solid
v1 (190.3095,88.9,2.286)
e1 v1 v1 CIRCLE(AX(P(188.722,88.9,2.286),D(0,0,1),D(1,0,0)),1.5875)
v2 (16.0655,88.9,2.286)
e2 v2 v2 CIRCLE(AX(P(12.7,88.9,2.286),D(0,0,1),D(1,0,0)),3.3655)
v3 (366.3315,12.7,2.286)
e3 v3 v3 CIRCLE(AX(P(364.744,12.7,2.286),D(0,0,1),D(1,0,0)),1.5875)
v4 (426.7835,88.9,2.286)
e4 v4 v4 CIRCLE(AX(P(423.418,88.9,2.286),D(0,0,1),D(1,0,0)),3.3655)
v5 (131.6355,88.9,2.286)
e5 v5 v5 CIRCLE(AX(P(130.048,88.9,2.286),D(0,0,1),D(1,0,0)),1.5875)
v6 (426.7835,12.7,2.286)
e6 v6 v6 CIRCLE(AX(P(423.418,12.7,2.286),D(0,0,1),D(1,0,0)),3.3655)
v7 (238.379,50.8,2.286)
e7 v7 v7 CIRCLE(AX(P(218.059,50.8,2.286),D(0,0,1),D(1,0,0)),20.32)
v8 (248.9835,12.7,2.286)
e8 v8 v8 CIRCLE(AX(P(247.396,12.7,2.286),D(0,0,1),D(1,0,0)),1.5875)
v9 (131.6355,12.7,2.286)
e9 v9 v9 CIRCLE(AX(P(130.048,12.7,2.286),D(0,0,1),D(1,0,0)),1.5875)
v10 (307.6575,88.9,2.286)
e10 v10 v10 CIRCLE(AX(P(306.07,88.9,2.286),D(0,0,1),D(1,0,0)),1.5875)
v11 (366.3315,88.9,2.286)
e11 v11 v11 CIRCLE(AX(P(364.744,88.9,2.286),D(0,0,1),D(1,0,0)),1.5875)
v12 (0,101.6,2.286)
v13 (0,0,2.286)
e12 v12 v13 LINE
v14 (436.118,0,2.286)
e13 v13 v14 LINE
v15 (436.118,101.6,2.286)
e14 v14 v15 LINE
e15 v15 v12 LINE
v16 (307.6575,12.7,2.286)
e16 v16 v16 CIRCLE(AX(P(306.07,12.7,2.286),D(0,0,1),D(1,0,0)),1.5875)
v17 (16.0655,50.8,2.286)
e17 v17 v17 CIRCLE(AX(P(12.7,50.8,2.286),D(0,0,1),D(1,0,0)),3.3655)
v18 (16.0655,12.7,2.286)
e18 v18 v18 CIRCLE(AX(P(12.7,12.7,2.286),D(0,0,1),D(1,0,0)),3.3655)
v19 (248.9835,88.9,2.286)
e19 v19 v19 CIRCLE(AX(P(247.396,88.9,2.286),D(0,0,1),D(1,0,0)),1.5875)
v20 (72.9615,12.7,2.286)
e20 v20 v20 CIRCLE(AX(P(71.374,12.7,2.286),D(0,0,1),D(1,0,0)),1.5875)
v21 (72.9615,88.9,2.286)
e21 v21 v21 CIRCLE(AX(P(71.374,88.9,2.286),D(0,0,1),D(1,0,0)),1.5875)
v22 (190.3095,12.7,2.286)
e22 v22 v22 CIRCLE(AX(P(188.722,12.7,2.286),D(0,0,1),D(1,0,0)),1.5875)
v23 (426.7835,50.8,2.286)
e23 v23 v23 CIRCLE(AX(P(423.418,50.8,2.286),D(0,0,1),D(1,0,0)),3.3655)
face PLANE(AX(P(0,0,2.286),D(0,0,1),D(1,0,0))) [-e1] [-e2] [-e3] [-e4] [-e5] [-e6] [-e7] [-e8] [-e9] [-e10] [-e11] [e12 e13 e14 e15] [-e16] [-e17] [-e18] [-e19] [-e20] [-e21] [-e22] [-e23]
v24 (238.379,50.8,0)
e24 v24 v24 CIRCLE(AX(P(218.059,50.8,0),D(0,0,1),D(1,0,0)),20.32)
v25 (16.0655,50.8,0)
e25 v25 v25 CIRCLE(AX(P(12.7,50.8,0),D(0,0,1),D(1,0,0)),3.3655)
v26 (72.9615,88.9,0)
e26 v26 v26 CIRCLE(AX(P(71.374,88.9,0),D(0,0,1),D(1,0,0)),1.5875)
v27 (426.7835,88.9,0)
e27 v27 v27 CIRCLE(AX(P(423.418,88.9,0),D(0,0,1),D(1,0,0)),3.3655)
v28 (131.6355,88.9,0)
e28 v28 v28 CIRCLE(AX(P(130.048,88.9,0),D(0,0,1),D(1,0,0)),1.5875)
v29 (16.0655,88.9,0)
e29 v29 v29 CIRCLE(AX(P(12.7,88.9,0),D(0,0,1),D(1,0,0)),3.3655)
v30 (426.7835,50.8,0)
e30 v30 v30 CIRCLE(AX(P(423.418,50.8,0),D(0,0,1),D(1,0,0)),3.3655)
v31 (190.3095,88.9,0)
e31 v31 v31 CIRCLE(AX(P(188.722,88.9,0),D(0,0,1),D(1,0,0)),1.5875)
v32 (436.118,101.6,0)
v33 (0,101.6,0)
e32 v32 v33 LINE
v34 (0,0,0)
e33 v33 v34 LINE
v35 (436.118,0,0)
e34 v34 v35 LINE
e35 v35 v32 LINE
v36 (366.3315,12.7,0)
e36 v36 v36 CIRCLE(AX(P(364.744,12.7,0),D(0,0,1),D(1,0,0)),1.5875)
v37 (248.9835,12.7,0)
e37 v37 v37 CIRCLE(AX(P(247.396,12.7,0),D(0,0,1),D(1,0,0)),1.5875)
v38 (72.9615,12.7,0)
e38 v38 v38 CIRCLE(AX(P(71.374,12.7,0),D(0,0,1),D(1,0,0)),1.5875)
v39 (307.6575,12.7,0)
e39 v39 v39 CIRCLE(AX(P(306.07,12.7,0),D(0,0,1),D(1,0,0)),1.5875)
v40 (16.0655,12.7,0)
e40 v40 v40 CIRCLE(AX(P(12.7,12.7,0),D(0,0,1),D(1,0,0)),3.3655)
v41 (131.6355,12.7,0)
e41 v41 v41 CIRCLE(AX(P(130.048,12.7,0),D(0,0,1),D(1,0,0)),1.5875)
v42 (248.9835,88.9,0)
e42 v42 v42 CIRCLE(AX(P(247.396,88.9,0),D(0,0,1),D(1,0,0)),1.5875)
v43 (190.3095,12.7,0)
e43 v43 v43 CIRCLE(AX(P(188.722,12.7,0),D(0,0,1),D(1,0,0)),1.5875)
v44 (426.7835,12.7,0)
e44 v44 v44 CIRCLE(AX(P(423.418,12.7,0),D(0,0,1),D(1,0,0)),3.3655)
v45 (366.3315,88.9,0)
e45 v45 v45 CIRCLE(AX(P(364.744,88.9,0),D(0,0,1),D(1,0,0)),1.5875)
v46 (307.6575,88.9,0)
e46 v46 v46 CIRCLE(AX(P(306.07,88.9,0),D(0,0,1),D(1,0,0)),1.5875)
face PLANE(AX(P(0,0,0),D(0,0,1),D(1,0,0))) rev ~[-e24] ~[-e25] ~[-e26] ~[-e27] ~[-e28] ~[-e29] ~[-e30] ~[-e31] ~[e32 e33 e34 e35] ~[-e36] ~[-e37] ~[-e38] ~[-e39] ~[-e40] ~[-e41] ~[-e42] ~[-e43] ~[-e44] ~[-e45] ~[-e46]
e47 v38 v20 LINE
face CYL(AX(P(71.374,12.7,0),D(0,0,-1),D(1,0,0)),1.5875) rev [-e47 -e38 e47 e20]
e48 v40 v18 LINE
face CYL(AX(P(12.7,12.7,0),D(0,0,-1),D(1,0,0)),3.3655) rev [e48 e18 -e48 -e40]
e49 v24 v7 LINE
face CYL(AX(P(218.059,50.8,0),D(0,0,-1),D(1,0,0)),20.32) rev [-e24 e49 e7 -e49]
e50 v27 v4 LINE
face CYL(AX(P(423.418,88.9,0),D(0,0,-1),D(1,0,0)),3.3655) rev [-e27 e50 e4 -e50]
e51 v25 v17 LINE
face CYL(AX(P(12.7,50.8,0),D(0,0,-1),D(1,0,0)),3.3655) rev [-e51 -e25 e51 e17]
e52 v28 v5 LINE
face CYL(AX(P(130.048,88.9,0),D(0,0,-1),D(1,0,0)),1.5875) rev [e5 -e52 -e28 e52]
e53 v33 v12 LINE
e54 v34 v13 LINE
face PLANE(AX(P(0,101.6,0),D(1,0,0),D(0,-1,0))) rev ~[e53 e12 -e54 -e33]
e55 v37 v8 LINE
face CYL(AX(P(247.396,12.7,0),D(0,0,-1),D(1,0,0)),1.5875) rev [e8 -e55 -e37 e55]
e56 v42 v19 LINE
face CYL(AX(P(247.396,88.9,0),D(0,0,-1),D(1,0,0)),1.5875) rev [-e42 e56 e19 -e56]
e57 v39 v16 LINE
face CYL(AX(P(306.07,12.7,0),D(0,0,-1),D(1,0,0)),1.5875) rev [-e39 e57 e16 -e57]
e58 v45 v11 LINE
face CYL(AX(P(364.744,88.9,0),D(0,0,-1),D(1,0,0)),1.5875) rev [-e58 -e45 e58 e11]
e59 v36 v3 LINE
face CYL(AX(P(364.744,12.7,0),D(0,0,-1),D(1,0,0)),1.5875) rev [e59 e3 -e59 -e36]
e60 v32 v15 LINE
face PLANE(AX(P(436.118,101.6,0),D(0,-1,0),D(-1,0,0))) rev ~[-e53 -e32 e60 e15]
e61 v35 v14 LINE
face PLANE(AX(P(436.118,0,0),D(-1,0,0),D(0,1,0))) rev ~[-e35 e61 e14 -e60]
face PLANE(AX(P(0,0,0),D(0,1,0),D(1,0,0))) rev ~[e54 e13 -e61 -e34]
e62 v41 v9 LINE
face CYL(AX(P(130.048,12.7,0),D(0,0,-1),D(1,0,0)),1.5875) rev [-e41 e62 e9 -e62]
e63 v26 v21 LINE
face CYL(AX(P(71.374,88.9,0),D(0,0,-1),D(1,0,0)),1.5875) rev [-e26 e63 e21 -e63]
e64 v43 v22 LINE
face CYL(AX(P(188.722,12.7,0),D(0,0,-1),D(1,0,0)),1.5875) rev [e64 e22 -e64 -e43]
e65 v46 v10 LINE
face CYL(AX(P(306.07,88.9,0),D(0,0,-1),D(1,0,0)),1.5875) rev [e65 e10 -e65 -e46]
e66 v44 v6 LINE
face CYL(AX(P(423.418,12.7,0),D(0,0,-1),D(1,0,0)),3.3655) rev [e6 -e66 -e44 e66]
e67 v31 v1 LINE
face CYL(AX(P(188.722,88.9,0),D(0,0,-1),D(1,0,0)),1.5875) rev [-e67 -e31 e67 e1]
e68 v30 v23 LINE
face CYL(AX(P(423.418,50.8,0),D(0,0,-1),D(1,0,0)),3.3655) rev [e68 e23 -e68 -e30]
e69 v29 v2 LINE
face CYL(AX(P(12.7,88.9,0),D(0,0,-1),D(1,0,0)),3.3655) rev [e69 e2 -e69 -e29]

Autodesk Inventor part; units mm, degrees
ref_plane "YZ Plane" through (0, 0, 0) normal (1, 0, 0) x (0, 1, 0)
ref_plane "XZ Plane" through (0, 0, 0) normal (0, 1, 0) x (-1, 0, 0)
ref_plane "XY Plane" through (0, 0, 0) normal (0, 0, 1) x (1, 0, 0)
sketch "Sketch1" plane through (0, 0, 0) normal (0, 0, 1) x (1, 0, 0)
  line L0 (0, 0) -> (436.118, 0)
  line L1 (436.118, 0) -> (436.118, 101.6)
  line L2 (436.118, 101.6) -> (0, 101.6)
  line L3 (0, 101.6) -> (0, 0)
  circle A0 centre (12.7, 88.9) radius 3.3655
  circle A1 centre (12.7, 50.8) radius 3.3655
  circle A2 centre (12.7, 12.7) radius 3.3655
  circle A3 centre (423.418, 88.9) radius 3.3655
  circle A4 centre (423.418, 50.8) radius 3.3655
  circle A5 centre (423.418, 12.7) radius 3.3655
  circle A6 centre (364.744, 12.7) radius 1.5875
  circle A7 centre (306.07, 12.7) radius 1.5875
  circle A8 centre (247.396, 12.7) radius 1.5875
  circle A9 centre (188.722, 12.7) radius 1.5875
  circle A10 centre (130.048, 12.7) radius 1.5875
  circle A11 centre (71.374, 12.7) radius 1.5875
  circle A12 centre (364.744, 88.9) radius 1.5875
  circle A13 centre (306.07, 88.9) radius 1.5875
  circle A14 centre (247.396, 88.9) radius 1.5875
  circle A15 centre (188.722, 88.9) radius 1.5875
  circle A16 centre (130.048, 88.9) radius 1.5875
  circle A17 centre (71.374, 88.9) radius 1.5875
  circle A18 centre (218.059, 50.8) radius 20.32
  dimension "d0" = 436.118
  dimension "d1" = 101.6
  dimension "d2" = 6.731
  dimension "d3" = 12.7
  dimension "d4" = 12.7
  dimension "d7" = 38.1
  dimension "d10" = 410.718
  dimension "d13" = 12.7
  dimension "d14" = 3.175
  dimension "d15" = 58.674
  dimension "d18" = 58.674
  dimension "d21" = 76.2
  dimension "d24" = 40.64
  dimension "d25" = 50.8
  dimension "d26" = 218.059
extrude "Extrusion1" add sketch "Sketch1" along normal blind 2.286
equation "\"d15\" = 0.142857 * d10"
equation "\"d26\" = 0.5 * d0"
properties part number "elevbackplt"
